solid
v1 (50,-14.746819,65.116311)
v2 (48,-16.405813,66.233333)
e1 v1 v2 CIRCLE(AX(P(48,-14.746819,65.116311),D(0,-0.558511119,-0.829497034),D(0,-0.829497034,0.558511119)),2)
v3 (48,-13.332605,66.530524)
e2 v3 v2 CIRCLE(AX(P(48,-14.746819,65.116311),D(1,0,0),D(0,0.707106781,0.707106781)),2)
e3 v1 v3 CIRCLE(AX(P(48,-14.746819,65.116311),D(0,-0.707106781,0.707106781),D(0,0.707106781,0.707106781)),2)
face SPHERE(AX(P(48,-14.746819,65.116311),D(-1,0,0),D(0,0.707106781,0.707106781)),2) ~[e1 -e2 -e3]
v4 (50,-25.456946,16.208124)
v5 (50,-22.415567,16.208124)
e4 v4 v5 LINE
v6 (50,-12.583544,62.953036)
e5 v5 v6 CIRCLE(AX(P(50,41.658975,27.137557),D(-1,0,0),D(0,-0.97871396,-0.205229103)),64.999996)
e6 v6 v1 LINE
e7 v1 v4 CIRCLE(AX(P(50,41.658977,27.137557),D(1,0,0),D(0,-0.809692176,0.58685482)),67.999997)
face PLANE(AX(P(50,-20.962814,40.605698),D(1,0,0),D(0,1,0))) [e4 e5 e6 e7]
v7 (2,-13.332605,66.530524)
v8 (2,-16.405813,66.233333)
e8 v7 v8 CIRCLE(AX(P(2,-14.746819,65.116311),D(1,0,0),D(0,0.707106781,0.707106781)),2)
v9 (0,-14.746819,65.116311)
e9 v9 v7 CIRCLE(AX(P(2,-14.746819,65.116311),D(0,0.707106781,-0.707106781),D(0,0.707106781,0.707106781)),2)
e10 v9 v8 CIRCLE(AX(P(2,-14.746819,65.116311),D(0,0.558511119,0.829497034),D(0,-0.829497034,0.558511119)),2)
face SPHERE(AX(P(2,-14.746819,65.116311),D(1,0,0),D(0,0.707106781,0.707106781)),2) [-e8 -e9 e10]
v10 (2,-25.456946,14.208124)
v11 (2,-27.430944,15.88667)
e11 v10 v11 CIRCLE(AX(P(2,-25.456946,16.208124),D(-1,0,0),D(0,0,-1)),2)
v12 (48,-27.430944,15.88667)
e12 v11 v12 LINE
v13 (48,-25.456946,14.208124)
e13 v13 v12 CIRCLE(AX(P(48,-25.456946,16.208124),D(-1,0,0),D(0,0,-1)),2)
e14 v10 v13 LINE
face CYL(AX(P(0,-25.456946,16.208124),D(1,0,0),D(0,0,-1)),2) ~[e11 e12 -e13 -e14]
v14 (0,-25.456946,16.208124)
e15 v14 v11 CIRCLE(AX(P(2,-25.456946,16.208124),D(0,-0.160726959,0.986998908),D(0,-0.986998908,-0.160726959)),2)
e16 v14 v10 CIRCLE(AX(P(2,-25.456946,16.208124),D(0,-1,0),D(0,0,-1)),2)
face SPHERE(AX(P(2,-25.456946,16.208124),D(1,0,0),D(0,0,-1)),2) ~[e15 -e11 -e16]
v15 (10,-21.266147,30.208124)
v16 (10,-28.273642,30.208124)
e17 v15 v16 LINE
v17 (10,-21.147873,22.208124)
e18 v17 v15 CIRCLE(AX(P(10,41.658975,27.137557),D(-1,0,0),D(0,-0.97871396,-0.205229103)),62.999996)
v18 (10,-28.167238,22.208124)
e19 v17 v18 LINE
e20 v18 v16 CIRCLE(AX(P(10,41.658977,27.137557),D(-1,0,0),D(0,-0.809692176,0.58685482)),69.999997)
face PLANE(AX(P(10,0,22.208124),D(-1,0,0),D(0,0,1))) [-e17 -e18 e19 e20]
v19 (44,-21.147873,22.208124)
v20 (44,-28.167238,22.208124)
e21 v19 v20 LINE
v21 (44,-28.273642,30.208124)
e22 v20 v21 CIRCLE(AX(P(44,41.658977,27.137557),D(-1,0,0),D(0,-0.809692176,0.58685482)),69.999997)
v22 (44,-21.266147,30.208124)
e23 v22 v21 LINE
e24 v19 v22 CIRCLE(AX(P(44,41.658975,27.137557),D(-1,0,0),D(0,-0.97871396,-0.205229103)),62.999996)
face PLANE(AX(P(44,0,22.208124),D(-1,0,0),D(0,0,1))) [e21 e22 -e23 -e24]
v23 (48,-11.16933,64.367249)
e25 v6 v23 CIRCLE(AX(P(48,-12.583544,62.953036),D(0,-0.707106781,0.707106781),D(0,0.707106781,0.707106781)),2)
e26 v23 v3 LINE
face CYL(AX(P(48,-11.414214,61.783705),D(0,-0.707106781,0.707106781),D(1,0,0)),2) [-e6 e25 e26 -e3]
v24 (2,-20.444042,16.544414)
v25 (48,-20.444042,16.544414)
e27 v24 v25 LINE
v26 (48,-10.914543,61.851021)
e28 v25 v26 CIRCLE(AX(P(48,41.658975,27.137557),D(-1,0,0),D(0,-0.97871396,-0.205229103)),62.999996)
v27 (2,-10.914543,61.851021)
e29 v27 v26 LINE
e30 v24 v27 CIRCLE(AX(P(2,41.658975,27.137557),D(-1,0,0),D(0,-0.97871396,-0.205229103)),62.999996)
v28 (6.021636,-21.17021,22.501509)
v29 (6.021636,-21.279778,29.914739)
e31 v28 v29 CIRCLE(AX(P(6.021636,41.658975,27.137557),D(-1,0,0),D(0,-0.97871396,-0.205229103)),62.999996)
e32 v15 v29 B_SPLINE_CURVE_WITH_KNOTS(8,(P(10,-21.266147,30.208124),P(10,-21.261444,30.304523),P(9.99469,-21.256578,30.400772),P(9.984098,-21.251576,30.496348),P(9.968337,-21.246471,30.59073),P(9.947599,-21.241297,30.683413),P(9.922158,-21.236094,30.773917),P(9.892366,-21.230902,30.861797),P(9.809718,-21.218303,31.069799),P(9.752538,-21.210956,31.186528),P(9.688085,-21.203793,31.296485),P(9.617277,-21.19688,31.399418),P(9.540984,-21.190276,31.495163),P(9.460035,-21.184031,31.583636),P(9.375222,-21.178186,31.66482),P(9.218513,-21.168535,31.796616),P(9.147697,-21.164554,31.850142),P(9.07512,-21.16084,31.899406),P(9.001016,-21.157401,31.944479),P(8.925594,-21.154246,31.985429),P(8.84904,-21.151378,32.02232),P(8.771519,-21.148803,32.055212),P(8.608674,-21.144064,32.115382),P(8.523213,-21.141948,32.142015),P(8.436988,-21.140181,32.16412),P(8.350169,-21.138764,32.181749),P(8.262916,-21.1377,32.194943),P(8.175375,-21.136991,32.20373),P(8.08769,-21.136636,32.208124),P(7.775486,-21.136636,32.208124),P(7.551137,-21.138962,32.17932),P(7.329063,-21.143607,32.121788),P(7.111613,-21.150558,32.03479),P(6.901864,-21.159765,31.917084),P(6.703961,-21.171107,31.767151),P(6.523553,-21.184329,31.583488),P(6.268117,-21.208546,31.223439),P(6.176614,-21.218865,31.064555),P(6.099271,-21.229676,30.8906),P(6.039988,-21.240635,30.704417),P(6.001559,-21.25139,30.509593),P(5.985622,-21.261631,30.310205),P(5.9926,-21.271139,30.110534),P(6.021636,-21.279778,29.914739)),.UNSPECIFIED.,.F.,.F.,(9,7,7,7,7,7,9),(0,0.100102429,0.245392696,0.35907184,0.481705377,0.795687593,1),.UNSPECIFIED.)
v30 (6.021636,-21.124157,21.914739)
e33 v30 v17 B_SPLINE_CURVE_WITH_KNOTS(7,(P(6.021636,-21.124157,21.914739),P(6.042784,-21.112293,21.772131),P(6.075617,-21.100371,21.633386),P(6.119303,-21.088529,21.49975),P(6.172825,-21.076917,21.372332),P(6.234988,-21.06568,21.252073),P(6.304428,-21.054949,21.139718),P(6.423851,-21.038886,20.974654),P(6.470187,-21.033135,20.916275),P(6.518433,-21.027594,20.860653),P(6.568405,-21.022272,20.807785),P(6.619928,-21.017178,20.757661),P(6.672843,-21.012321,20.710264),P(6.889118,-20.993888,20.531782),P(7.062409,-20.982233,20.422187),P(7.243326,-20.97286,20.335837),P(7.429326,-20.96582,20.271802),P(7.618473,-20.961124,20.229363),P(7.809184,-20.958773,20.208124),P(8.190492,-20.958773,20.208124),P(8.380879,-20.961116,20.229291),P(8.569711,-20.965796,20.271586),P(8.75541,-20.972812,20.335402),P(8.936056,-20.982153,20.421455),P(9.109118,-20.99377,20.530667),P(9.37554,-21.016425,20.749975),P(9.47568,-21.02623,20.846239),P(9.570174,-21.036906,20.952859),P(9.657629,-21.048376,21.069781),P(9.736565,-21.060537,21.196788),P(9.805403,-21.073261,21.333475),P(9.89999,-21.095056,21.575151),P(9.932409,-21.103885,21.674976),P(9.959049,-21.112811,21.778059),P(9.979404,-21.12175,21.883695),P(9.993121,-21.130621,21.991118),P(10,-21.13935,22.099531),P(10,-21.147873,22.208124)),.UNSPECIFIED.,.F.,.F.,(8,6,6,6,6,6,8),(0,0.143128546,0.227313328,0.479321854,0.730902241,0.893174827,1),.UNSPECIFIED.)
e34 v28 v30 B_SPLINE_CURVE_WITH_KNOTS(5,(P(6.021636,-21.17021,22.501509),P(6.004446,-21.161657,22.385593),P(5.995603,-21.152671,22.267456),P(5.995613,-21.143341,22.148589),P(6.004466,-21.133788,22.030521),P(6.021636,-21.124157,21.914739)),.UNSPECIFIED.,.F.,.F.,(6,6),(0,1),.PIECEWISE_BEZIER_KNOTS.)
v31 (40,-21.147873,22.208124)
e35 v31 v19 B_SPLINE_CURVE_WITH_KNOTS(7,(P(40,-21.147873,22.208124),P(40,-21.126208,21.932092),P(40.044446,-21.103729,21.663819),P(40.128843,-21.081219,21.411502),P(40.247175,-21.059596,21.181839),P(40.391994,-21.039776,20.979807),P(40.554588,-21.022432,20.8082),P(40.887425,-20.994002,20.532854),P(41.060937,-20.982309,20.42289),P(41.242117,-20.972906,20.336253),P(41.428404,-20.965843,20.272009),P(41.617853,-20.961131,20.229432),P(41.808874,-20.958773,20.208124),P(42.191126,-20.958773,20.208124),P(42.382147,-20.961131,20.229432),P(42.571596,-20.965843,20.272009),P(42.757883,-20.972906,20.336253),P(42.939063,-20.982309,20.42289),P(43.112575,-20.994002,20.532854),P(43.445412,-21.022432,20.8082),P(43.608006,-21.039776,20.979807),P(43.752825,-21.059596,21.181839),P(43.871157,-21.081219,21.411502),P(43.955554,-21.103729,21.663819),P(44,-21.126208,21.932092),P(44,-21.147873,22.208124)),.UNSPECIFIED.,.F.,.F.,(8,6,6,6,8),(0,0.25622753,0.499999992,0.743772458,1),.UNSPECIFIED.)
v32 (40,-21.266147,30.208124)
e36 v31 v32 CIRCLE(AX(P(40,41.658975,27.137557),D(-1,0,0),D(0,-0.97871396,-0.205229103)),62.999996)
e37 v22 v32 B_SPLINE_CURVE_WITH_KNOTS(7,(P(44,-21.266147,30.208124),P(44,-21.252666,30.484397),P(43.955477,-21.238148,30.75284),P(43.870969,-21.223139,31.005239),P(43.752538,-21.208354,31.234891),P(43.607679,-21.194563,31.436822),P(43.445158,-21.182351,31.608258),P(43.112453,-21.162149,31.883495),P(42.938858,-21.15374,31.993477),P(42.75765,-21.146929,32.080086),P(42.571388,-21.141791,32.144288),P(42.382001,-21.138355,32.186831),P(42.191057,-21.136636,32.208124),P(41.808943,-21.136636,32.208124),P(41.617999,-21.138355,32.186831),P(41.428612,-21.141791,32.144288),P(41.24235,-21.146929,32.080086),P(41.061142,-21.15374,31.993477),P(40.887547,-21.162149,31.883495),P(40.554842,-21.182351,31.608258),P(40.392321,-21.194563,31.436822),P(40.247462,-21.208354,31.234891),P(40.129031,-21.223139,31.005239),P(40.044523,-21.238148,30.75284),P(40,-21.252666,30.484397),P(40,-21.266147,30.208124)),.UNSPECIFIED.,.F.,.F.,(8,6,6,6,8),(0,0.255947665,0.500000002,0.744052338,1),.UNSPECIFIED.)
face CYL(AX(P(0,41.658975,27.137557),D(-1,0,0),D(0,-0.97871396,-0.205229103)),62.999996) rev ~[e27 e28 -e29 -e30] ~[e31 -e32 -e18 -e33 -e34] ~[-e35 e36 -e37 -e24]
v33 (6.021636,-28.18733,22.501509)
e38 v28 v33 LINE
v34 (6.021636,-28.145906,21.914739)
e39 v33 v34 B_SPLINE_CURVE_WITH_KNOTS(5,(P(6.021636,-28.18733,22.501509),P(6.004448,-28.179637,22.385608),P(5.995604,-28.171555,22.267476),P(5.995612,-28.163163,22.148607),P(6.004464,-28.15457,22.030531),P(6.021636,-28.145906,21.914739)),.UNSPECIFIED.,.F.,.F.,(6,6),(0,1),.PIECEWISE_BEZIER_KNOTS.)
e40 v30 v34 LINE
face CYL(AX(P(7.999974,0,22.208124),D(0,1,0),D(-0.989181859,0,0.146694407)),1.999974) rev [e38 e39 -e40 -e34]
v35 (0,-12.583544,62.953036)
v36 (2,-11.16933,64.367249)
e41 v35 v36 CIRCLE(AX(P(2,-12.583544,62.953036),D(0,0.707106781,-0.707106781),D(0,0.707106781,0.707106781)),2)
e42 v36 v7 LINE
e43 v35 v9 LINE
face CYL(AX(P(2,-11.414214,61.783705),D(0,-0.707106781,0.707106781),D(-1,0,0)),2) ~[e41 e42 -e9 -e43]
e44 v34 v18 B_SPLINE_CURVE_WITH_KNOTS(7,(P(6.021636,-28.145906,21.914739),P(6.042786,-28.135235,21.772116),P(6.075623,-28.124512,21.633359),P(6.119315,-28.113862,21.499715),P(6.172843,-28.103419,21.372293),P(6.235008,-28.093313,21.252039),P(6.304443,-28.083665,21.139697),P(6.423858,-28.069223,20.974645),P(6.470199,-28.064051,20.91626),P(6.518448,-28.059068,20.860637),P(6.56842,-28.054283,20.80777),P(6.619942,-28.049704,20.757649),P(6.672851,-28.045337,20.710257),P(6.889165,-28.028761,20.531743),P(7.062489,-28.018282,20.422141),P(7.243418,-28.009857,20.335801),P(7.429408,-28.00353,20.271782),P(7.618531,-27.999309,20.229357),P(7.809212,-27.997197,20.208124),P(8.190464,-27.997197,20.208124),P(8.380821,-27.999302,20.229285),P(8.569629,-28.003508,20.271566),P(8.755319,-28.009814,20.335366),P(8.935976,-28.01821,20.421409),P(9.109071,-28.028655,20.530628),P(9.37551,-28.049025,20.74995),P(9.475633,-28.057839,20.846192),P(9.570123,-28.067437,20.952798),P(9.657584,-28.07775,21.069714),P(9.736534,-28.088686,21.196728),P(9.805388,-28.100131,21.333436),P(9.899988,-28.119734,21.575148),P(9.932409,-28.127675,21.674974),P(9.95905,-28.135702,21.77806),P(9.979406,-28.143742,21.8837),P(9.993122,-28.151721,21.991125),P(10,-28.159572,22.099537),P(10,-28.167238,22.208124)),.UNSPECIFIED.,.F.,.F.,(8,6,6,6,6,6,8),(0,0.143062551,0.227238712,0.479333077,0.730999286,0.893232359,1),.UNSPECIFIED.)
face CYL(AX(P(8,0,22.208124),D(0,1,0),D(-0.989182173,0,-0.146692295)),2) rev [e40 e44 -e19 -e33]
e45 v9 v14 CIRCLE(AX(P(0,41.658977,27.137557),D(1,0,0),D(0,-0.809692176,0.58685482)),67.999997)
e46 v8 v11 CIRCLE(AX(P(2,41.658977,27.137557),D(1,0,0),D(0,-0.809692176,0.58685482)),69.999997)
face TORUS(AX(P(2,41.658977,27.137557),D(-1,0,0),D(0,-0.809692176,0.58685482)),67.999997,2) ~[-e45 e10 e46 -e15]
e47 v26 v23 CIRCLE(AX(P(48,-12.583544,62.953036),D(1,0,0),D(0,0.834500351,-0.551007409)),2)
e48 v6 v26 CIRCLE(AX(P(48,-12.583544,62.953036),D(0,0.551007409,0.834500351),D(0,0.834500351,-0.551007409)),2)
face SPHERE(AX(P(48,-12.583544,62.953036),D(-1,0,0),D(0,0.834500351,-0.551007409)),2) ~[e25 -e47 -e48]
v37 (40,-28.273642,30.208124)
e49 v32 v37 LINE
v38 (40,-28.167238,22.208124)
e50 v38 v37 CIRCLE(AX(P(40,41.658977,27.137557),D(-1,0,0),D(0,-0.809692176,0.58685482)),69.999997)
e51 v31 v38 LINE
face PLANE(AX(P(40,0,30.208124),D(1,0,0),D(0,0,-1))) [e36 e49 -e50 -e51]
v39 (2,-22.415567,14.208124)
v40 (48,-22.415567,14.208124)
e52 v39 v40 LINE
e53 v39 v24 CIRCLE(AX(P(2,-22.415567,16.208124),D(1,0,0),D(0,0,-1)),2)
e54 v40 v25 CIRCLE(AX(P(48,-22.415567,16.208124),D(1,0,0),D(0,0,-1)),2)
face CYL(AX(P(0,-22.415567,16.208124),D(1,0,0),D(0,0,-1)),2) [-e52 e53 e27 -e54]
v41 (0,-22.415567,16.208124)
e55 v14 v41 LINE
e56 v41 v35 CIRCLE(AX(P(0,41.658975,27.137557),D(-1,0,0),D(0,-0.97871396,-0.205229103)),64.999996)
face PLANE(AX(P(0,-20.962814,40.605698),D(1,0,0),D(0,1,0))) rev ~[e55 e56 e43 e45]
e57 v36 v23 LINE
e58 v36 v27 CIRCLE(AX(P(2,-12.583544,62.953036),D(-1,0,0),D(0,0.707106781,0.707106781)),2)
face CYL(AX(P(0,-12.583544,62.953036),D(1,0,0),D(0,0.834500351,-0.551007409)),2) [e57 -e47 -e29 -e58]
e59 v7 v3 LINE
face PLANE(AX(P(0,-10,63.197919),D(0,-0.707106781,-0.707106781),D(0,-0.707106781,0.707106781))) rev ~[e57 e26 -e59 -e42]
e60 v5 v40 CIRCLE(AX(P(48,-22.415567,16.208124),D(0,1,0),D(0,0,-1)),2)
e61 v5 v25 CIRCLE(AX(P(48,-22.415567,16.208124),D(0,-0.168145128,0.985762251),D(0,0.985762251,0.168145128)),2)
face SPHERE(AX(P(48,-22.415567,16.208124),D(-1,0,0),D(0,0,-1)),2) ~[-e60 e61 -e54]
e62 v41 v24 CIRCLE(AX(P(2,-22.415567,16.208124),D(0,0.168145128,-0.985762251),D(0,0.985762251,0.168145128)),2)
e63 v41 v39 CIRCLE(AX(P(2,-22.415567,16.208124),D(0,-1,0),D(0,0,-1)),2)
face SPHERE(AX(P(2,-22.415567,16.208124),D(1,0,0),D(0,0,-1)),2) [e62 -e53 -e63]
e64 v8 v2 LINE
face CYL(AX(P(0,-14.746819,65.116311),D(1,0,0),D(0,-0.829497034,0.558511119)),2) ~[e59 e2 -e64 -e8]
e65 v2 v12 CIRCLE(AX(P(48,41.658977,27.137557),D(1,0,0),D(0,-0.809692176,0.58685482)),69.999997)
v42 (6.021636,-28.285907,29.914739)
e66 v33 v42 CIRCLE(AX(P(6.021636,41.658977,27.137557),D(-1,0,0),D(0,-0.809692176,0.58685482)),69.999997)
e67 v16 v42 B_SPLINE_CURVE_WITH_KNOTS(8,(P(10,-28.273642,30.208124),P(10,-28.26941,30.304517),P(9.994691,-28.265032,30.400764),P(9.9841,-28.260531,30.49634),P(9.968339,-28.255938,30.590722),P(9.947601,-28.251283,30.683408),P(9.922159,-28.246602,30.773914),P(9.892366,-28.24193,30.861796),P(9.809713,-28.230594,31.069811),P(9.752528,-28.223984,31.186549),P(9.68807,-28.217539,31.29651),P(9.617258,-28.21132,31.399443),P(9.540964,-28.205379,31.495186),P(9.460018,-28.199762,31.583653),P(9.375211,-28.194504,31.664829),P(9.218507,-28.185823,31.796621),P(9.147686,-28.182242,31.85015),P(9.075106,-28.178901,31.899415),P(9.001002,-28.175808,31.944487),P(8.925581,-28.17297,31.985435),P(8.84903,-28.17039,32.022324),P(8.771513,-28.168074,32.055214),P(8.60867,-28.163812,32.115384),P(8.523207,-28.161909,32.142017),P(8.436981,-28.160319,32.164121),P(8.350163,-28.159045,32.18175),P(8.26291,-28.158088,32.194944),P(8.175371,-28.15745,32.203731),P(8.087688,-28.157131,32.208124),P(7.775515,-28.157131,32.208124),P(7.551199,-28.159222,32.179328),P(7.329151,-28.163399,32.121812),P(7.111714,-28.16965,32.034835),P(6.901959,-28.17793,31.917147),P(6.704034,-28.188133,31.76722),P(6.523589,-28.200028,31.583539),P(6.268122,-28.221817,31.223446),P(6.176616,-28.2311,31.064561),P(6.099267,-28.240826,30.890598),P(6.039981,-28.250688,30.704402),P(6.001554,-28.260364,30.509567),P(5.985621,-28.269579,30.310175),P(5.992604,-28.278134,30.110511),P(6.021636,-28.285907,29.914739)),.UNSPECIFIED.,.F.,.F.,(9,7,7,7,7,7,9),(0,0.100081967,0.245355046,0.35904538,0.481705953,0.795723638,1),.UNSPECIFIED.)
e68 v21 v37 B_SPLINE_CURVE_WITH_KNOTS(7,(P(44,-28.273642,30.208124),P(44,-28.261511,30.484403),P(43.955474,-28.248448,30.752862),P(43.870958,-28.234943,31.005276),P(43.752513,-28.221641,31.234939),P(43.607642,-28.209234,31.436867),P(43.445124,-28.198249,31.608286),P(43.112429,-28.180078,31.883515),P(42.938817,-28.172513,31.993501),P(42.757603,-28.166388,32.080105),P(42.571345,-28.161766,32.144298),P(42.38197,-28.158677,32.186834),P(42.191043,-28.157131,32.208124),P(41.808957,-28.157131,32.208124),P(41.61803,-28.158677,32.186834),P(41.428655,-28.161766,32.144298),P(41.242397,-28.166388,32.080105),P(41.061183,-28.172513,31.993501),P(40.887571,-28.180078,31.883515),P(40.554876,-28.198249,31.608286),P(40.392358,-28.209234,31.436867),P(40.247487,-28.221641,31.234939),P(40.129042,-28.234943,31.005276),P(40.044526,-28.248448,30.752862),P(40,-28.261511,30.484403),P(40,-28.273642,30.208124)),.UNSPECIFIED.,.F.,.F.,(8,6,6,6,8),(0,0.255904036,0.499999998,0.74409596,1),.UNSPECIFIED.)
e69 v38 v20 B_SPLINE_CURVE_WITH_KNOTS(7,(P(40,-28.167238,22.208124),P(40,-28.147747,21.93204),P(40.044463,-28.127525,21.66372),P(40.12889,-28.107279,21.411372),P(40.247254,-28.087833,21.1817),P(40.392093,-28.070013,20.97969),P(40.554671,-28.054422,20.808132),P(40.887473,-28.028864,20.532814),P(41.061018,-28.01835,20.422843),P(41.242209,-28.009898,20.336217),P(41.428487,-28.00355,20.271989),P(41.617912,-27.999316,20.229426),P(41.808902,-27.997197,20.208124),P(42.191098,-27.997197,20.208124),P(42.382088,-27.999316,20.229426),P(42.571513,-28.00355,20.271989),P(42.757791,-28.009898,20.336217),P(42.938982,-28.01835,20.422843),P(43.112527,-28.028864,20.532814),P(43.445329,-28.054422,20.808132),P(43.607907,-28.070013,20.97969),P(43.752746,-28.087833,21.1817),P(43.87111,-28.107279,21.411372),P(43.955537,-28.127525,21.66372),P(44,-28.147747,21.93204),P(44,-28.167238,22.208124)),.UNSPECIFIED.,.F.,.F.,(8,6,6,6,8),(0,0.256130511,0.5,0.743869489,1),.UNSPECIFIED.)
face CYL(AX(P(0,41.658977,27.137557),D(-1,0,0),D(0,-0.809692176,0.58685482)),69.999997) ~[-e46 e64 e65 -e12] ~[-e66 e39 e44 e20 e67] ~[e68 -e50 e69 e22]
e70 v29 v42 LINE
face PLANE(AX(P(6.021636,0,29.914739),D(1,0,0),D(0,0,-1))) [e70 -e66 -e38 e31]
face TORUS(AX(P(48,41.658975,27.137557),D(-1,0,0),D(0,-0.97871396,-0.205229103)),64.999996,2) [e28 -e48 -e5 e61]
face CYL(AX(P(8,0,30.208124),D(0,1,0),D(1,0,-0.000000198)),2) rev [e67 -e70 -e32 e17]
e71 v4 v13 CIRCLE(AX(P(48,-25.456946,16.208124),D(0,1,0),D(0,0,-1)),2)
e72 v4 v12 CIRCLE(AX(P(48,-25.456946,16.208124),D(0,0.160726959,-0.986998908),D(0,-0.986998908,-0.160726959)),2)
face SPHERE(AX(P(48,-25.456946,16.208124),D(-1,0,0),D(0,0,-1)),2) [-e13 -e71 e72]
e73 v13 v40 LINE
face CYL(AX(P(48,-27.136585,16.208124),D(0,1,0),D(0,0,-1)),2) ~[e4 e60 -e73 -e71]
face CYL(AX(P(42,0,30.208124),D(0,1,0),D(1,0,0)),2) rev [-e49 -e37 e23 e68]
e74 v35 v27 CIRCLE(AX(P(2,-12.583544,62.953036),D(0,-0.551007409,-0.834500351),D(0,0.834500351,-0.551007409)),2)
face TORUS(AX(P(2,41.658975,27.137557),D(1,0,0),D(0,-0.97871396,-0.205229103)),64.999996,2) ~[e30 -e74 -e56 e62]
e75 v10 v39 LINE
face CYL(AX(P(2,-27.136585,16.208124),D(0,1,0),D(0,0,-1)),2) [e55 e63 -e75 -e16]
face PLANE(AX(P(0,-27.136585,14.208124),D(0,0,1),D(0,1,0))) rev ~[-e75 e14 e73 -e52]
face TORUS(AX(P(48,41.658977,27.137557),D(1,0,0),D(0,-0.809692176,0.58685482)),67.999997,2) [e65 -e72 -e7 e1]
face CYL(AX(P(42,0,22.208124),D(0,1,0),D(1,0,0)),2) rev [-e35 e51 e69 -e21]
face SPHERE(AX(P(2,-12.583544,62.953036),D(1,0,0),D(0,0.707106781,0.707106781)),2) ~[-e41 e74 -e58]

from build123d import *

# Parameters (mm, degrees)
F1_DEPTH = 50
F3_DEPTH = 50
F4_R     = 2


with BuildPart() as f1:
    # F0 (on Right) → F1 (new body)
    with BuildSketch(Plane.YZ):
        with BuildLine():
            Line((-27.136585, 14.208124), (-20, 14.208124))
            ThreePointArc((-20, 14.208124), (-20.068162, 39.737556), (-10, 63.197919))
            Line((-10, 63.197919), (-15.019473, 68.217392))
            ThreePointArc((-15.019473, 68.217392), (-26.643162, 42.461309), (-27.136585, 14.208124))
        make_face()
    extrude(amount=F1_DEPTH)

    # F2 (on Front) → F3 (cut)
    with BuildSketch(Plane.XZ):
        with BuildLine():
            Line((6.021636, 22.501509), (6.021636, 21.914739))
            ThreePointArc((6.021636, 21.914739), (8.147091, 20.21354), (10, 22.208124))
            ThreePointArc((10, 22.208124), (8.147091, 24.202708), (6.021636, 22.501509))
        make_face()
        with BuildLine():
            ThreePointArc((6.021636, 22.501509), (6, 22.208124), (6.021636, 21.914739))
            Line((6.021636, 21.914739), (6.021636, 22.501509))
        make_face()
        with BuildLine():
            ThreePointArc((6.021636, 22.501509), (8.147091, 24.202708), (10, 22.208124))
            Line((10, 22.208124), (10, 30.208124))
            ThreePointArc((10, 30.208124), (8.147091, 28.21354), (6.021636, 29.914739))
            Line((6.021636, 29.914739), (6.021636, 22.501509))
        make_face()
        with BuildLine():
            ThreePointArc((6.021636, 29.914739), (8.147091, 28.21354), (10, 30.208124))
            ThreePointArc((10, 30.208124), (7.852909, 32.202708), (6.021636, 29.914739))
        make_face()
        with BuildLine():
            ThreePointArc((40, 22.208124), (42, 20.208124), (44, 22.208124))
            ThreePointArc((44, 22.208124), (42, 24.208124), (40, 22.208124))
        make_face()
        with BuildLine():
            ThreePointArc((40, 22.208124), (42, 24.208124), (44, 22.208124))
            Line((44, 22.208124), (44, 30.208124))
            ThreePointArc((44, 30.208124), (42, 28.208124), (40, 30.208124))
            Line((40, 30.208124), (40, 22.208124))
        make_face()
        with BuildLine():
            ThreePointArc((40, 30.208124), (42, 28.208124), (44, 30.208124))
            ThreePointArc((44, 30.208124), (42, 32.208124), (40, 30.208124))
        make_face()
    extrude(amount=F3_DEPTH, mode=Mode.SUBTRACT)

    # F4
    f4_edges = [f1.edges().sort_by_distance(p)[0] for p in [
        (50, -23.568293, 14.208124),
        (50, -20.068162, 39.737556),
        (50, -12.509737, 65.707655),
        (50, -26.643162, 42.461309),
        (25, -10, 63.197919),
        (25, -15.019473, 68.217392),
        (0, -12.509737, 65.707655),
        (0, -23.568293, 14.208124),
        (0, -20.068162, 39.737556),
        (0, -26.643162, 42.461309),
        (25, -27.136585, 14.208124),
        (25, -20, 14.208124),
    ]]
    fillet(f4_edges, radius=F4_R)


solid = f1.part
